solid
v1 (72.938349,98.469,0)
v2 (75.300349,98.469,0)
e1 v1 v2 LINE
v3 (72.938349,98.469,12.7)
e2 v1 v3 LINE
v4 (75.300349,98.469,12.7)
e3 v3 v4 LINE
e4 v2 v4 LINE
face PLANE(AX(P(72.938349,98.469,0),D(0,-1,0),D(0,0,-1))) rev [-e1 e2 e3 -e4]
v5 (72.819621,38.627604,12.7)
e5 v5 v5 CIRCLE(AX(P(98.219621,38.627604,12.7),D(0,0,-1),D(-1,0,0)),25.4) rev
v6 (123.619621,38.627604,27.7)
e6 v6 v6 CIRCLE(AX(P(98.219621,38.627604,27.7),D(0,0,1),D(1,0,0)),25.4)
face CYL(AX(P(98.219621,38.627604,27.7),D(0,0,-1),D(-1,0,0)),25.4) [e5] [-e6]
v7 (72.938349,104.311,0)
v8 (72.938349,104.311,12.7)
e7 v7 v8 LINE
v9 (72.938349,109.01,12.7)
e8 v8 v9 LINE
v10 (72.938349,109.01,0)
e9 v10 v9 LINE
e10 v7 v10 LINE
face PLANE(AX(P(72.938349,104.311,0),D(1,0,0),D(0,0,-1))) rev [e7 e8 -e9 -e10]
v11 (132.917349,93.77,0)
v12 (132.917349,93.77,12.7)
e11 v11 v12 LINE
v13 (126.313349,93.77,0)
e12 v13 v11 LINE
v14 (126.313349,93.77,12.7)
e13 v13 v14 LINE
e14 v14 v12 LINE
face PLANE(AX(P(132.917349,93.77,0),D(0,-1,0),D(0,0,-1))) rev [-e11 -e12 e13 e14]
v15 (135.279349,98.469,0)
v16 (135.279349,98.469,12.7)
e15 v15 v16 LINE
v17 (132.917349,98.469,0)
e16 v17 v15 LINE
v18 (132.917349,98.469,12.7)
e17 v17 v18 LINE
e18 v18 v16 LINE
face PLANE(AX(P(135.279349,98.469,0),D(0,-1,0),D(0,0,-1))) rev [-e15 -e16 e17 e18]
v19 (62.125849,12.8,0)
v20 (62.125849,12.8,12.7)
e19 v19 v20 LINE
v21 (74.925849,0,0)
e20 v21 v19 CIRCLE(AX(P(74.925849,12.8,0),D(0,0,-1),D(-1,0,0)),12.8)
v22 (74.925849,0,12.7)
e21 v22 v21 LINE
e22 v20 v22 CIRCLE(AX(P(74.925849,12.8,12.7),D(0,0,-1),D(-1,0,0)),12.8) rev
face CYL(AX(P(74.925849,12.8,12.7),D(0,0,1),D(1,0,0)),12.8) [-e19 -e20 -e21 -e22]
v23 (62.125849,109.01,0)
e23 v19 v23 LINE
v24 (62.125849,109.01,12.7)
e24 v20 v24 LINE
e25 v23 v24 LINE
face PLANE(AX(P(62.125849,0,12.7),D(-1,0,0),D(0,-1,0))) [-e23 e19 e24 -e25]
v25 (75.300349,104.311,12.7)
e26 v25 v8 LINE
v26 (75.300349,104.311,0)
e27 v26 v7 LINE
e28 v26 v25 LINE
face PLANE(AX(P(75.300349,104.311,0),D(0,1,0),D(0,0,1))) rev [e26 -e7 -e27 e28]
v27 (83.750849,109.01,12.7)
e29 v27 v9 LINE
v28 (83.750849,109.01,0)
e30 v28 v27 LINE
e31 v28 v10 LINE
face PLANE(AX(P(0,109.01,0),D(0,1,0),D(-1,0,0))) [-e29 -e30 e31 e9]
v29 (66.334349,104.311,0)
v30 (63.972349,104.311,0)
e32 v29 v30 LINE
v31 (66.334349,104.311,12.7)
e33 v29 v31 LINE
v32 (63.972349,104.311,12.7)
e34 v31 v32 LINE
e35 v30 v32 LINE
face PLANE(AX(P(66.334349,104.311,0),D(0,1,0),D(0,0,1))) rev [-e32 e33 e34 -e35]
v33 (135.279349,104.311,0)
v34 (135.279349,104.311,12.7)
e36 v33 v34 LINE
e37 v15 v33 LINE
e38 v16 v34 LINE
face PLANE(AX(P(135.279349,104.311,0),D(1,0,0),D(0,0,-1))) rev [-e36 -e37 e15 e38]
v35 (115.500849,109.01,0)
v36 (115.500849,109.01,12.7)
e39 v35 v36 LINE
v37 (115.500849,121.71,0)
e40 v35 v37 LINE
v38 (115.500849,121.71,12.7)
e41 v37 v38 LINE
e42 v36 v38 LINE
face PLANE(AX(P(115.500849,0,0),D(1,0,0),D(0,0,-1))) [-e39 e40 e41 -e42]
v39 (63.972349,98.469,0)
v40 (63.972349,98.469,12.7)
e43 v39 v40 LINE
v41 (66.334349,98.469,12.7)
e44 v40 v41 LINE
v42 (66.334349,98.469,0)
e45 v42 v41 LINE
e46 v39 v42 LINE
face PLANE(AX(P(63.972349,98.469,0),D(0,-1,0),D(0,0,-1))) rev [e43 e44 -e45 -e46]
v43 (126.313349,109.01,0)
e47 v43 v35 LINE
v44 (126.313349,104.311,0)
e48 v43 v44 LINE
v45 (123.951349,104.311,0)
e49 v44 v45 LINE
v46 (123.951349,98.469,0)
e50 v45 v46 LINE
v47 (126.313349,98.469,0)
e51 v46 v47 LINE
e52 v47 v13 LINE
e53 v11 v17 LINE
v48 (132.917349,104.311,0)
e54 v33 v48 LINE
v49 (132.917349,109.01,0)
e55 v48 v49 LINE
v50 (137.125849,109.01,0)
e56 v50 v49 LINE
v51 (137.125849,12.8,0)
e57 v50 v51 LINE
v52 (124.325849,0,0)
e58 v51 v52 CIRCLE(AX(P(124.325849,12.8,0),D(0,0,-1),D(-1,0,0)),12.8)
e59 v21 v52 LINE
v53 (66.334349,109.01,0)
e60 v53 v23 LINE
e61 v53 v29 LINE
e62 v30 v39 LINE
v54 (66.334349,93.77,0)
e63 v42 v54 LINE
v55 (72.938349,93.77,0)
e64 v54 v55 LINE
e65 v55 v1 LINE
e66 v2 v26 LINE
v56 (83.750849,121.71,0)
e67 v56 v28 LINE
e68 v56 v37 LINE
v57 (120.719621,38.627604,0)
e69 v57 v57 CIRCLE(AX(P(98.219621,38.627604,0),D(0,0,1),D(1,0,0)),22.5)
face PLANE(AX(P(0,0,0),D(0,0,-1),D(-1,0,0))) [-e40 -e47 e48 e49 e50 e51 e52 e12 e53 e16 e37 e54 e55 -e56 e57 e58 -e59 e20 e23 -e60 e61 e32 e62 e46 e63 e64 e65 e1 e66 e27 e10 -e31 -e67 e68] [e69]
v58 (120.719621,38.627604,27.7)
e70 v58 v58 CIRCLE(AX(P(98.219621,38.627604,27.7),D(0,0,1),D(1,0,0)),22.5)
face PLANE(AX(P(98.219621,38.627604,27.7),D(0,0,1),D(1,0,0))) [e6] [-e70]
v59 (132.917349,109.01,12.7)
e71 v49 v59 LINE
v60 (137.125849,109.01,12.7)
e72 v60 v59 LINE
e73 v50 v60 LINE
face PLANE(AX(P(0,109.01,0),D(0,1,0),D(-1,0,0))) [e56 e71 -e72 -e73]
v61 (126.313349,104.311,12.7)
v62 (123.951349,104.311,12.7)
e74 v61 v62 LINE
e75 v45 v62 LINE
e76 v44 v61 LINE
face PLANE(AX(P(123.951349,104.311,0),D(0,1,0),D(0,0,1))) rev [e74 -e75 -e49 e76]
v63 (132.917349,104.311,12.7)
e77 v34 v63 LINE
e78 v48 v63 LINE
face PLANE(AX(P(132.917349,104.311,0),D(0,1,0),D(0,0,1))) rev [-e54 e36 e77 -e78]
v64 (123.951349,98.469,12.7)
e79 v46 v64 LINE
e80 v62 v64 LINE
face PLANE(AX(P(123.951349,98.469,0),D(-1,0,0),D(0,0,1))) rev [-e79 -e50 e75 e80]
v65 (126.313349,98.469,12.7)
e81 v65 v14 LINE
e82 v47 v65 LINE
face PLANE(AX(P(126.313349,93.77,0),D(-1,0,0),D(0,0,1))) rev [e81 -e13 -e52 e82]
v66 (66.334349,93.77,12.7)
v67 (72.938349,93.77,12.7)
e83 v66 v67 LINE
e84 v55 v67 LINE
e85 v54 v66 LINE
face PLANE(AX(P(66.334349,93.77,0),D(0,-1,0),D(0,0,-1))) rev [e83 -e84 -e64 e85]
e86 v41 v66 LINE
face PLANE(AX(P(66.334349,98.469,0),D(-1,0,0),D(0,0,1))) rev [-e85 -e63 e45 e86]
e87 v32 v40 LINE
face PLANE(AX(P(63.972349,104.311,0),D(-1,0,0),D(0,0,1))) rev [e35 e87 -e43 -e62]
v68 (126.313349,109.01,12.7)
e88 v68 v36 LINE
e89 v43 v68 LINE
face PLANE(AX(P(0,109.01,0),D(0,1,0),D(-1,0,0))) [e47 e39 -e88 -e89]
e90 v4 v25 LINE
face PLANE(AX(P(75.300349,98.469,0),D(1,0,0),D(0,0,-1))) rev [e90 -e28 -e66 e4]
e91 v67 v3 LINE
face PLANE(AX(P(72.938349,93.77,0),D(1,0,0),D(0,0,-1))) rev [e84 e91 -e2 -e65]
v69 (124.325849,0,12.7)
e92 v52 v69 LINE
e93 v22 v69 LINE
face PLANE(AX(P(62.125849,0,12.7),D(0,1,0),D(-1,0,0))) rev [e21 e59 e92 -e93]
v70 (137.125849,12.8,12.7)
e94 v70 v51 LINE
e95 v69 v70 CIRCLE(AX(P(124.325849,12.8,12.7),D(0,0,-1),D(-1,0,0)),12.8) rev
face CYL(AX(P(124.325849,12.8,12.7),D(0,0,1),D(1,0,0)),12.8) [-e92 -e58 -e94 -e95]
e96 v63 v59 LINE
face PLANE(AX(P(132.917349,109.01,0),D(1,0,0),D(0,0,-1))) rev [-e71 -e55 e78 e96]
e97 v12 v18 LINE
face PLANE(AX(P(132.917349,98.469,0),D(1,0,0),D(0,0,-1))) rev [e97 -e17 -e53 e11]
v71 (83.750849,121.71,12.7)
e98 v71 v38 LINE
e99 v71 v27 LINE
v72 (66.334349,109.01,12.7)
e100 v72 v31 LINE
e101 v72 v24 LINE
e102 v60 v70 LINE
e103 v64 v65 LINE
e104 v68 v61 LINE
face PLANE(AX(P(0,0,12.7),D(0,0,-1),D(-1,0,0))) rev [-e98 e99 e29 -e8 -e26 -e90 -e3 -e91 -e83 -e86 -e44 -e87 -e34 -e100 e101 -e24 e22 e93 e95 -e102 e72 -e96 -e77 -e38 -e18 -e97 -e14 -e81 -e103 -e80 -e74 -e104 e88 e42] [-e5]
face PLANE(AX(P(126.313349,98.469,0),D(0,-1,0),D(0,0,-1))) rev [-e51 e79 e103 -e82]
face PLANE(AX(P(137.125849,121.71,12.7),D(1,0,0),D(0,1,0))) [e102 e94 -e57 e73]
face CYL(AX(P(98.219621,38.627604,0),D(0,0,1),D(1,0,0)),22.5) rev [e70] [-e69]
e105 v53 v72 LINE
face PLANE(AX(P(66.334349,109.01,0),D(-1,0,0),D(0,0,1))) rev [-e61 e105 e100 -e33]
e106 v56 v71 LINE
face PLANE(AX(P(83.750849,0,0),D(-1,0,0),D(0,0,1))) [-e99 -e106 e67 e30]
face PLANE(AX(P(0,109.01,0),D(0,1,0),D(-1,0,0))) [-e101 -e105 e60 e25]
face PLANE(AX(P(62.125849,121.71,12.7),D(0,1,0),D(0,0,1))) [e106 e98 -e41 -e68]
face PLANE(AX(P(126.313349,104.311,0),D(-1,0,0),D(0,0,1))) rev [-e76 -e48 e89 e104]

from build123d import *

# Parameters (mm, degrees)
SKETCH12_W           = 75
SKETCH12_H           = 121.71
BOSS_EXTRUDE10_DEPTH = 12.7
SKETCH15_R           = 25.4
BOSS_EXTRUDE11_DEPTH = 15
SKETCH23_R           = 22.5
CUT_EXTRUDE7_DEPTH   = 186.429535576
FILLET2_R            = 12.8
SKETCH25_W           = 21.625
SKETCH25_H           = 12.7
CUT_EXTRUDE9_DEPTH   = 184.961470596
CUT_EXTRUDE10_DEPTH  = 184.961470596


with BuildPart() as part:
    # Sketch12 → Boss-Extrude10 (new body)
    with BuildSketch(Plane.XY):
        with Locations((99.625849364, 60.855)):
            Rectangle(SKETCH12_W, SKETCH12_H)
    extrude(amount=BOSS_EXTRUDE10_DEPTH)

    # Sketch15 → Boss-Extrude11 (add)
    with BuildSketch(Plane.XY.offset(12.7)):
        with Locations(Location((98.219620603, 38.627603634, 0), (0, 0, 180))):
            Circle(SKETCH15_R)
    extrude(amount=BOSS_EXTRUDE11_DEPTH)

    # Sketch23 → Cut-Extrude7 (cut, through all)
    with BuildSketch(Plane.XY.offset(27.7)):
        with Locations((98.219620603, 38.627603634)):
            Circle(SKETCH23_R)
    extrude(amount=-CUT_EXTRUDE7_DEPTH, mode=Mode.SUBTRACT)

    # Fillet2
    fillet2_edges = [part.edges().sort_by_distance(p)[0] for p in [
        (62.125849364, 0, 6.35),
        (137.125849364, 0, 6.35),
    ]]
    fillet(fillet2_edges, radius=FILLET2_R)

    # Sketch25 → Cut-Extrude9 (cut, through all)
    with BuildSketch(Plane.XY.offset(12.7)):
        with Locations((72.938349364, 115.36)):
            Rectangle(SKETCH25_W, SKETCH25_H)
        with Locations((126.313349364, 115.36)):
            Rectangle(SKETCH25_W, SKETCH25_H)
    extrude(amount=-CUT_EXTRUDE9_DEPTH, mode=Mode.SUBTRACT)

    # Sketch27 → Cut-Extrude10 (cut, through all)
    with BuildSketch(Plane.XY.offset(12.7)):
        Polygon((132.917349364, 109.01), (132.917349364, 104.311), (135.279349364, 104.311), (135.279349364, 98.469), (132.917349364, 98.469), (132.917349364, 93.77), (126.313349364, 93.77), (126.313349364, 98.469), (123.951349364, 98.469), (123.951349364, 104.311), (126.313349364, 104.311), (126.313349364, 109.01), align=None)
        Polygon((72.938349364, 98.469), (75.300349364, 98.469), (75.300349364, 104.311), (72.938349364, 104.311), (72.938349364, 109.01), (66.334349364, 109.01), (66.334349364, 104.311), (63.972349364, 104.311), (63.972349364, 98.469), (66.334349364, 98.469), (66.334349364, 93.77), (72.938349364, 93.77), align=None)
    extrude(amount=-CUT_EXTRUDE10_DEPTH, mode=Mode.SUBTRACT)


solid = part.part
